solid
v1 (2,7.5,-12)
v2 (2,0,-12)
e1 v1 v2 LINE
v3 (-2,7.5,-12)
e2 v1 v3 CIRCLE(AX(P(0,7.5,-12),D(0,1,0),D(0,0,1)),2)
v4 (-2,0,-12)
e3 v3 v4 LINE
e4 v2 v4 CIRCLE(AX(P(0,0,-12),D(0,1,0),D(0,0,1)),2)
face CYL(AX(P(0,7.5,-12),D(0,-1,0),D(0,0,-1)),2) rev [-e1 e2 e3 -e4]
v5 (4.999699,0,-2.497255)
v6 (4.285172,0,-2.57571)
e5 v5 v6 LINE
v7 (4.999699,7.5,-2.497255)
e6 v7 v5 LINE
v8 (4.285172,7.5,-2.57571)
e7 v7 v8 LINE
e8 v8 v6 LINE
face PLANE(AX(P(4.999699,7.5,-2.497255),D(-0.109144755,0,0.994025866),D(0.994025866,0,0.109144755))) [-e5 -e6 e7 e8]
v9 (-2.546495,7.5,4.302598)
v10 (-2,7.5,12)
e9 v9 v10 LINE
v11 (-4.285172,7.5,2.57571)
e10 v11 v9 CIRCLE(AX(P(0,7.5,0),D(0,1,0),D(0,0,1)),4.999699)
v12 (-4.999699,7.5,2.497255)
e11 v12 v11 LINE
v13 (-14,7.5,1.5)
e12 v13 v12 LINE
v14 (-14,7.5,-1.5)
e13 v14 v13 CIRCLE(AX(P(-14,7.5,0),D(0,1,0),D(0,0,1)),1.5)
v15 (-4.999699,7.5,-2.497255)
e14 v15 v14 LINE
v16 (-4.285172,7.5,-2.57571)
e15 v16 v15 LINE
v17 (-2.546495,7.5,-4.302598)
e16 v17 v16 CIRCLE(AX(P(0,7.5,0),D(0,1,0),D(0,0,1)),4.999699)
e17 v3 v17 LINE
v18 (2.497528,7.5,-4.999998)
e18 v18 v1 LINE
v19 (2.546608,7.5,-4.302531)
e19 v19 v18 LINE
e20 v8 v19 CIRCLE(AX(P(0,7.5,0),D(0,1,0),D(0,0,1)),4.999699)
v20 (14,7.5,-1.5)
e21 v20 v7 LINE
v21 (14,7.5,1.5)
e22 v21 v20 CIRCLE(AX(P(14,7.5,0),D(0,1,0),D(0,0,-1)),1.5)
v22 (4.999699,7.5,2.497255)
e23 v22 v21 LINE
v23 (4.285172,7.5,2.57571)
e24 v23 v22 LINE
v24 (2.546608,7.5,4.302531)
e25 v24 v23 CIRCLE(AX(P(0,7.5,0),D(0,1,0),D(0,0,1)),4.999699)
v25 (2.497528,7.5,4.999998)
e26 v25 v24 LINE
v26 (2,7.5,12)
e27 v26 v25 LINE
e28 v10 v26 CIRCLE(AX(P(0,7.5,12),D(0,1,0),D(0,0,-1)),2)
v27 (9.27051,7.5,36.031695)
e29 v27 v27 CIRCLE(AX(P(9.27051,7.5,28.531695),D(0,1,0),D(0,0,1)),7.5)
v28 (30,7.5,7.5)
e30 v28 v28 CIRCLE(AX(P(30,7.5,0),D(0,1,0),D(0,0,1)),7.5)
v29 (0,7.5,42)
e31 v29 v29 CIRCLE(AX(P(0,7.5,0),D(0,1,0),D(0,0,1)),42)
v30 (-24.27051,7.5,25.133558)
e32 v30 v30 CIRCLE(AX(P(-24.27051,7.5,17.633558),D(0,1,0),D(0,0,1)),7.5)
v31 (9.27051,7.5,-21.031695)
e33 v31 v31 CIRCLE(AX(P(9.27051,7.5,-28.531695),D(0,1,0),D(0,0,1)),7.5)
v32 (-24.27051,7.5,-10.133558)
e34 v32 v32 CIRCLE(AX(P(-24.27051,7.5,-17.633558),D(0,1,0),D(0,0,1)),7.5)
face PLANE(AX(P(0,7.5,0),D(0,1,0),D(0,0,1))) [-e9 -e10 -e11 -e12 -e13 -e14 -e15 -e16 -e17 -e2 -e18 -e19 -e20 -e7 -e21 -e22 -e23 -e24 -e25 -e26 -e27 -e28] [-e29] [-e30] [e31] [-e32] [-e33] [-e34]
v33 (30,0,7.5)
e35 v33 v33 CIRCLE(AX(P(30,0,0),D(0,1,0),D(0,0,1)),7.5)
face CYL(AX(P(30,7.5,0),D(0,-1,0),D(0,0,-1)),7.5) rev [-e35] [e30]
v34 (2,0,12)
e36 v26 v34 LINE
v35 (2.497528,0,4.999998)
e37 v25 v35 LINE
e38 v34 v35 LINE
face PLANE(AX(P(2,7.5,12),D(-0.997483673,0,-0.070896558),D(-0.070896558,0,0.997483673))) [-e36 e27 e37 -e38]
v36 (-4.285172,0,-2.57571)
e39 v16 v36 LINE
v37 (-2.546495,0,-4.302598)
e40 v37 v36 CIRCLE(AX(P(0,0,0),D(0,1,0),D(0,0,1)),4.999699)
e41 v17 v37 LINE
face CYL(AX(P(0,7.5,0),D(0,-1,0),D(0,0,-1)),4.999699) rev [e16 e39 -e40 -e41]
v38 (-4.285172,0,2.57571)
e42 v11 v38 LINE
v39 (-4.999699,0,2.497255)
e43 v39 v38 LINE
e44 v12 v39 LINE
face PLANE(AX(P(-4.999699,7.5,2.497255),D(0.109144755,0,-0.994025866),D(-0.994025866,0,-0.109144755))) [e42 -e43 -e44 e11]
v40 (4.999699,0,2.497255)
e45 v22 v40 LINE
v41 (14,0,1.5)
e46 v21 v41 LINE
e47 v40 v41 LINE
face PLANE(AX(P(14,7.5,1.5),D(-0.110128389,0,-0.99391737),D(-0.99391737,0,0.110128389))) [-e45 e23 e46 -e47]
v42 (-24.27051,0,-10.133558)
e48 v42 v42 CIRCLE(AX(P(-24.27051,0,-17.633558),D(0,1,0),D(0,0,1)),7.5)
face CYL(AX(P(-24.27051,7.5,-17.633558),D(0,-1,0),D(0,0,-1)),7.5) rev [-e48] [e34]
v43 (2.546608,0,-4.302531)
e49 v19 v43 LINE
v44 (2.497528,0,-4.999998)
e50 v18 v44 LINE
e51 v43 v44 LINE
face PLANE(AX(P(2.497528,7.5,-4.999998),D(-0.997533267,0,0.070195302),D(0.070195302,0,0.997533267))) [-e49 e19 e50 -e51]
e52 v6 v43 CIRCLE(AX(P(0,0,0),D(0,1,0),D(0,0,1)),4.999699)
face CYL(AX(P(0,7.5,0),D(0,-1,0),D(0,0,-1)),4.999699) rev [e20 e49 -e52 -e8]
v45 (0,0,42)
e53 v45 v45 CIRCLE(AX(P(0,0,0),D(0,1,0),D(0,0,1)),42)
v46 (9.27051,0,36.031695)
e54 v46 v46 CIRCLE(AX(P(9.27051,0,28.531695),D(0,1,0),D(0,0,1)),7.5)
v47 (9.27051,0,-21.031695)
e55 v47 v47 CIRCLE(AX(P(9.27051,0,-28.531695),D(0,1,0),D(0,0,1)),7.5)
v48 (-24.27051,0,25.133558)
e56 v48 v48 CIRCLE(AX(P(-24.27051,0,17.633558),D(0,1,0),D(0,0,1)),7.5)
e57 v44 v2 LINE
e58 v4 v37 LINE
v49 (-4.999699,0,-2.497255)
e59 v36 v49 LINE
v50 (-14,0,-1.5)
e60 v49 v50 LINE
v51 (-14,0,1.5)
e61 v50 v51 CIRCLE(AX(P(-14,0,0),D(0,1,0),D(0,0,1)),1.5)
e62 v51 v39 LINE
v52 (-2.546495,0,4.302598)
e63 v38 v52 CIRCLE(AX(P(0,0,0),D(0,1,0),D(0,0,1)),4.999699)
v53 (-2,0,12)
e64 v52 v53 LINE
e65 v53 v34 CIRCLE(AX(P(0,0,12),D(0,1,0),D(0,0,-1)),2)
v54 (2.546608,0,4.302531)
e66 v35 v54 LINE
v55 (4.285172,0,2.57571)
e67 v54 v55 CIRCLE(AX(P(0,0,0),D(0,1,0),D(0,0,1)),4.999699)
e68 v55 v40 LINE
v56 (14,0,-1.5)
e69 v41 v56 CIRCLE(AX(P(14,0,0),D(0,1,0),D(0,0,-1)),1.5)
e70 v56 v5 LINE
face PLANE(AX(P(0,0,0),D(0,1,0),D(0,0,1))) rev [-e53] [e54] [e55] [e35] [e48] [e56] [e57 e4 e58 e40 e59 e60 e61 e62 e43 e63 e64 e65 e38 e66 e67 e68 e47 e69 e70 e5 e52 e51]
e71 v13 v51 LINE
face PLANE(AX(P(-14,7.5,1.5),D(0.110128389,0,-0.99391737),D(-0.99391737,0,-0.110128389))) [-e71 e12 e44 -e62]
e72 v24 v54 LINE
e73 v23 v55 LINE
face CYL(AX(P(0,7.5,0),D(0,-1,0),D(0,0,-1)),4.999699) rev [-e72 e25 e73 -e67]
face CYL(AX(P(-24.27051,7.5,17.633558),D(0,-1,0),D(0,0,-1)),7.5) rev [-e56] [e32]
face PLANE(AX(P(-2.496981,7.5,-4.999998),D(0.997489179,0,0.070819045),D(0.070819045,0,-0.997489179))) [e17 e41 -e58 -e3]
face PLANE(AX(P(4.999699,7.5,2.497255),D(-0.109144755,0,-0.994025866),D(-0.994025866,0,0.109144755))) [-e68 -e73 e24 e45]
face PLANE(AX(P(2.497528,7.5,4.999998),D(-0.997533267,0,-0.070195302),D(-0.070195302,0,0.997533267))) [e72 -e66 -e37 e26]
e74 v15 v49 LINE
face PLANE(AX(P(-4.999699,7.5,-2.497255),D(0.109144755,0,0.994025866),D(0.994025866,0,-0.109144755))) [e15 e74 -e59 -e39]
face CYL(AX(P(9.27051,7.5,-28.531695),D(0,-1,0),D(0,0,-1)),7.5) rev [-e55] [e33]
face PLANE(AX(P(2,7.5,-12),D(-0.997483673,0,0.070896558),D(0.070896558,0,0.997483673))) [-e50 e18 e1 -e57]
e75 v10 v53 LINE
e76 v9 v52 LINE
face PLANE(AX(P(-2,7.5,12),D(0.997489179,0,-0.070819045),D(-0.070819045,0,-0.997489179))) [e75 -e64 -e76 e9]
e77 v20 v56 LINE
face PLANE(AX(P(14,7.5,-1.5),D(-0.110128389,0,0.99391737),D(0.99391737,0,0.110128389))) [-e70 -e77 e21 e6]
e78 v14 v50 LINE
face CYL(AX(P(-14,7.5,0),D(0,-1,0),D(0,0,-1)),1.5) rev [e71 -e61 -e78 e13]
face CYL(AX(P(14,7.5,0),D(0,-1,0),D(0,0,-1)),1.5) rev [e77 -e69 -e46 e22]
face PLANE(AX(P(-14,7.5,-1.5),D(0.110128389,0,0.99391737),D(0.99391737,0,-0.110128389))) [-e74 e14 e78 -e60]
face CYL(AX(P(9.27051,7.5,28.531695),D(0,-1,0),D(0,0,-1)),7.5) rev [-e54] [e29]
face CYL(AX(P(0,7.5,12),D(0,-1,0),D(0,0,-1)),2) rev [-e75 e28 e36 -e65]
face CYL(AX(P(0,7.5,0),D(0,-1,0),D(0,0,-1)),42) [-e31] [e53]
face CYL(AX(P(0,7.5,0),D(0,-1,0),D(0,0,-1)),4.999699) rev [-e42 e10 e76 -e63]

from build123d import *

# Parameters (mm, degrees)
SKETCH1_R           = 42
SKETCH1_R_2         = 7.5
BOSS_EXTRUDE2_DEPTH = 7.5


with BuildPart() as part:
    # Sketch1 → Boss-Extrude2 (new body)
    with BuildSketch(Plane(origin=(0, 0, 0), x_dir=(1, 0, 0), z_dir=(0, 1, 0))):
        with Locations(Location((0, 0, 0), (0, 0, 270))):
            Circle(SKETCH1_R)
        with Locations(Location((30, 0, 0), (0, 0, 270))):
            Circle(SKETCH1_R_2, mode=Mode.SUBTRACT)
        with Locations(Location((9.270509831, -28.531695489, 0), (0, 0, 270))):
            Circle(SKETCH1_R_2, mode=Mode.SUBTRACT)
        with Locations(Location((-24.270509831, -17.633557569, 0), (0, 0, 270))):
            Circle(SKETCH1_R_2, mode=Mode.SUBTRACT)
        with Locations(Location((-24.270509831, 17.633557569, 0), (0, 0, 270))):
            Circle(SKETCH1_R_2, mode=Mode.SUBTRACT)
        with Locations(Location((9.270509831, 28.531695489, 0), (0, 0, 270))):
            Circle(SKETCH1_R_2, mode=Mode.SUBTRACT)
        with BuildLine():
            Line((4.999698513, -2.497254635), (4.285172416, -2.575710114))
            ThreePointArc((4.285172416, -2.575710114), (3.523319938, -3.547280908), (2.546607961, -4.302531013))
            Line((2.546607961, -4.302531013), (2.497527986, -4.99999802))
            Line((2.497527986, -4.99999802), (2, -12))
            ThreePointArc((2, -12), (0, -14), (-2, -12))
            Line((-2, -12), (-2.496981283, -4.99999802))
            Line((-2.496981283, -4.99999802), (-2.546494806, -4.302597986))
            ThreePointArc((-2.546494806, -4.302597986), (-3.523273292, -3.547327238), (-4.285172416, -2.575710114))
            Line((-4.285172416, -2.575710114), (-4.999698513, -2.497254635))
            Line((-4.999698513, -2.497254635), (-14, -1.5))
            ThreePointArc((-14, -1.5), (-15.5, 0), (-14, 1.5))
            Line((-14, 1.5), (-4.999698513, 2.497254635))
            Line((-4.999698513, 2.497254635), (-4.285172416, 2.575710114))
            ThreePointArc((-4.285172416, 2.575710114), (-3.523273292, 3.547327238), (-2.546494806, 4.302597986))
            Line((-2.546494806, 4.302597986), (-2.496981283, 4.99999802))
            Line((-2.496981283, 4.99999802), (-2, 12))
            ThreePointArc((-2, 12), (0, 14), (2, 12))
            Line((2, 12), (2.497527986, 4.99999802))
            Line((2.497527986, 4.99999802), (2.546607961, 4.302531013))
            ThreePointArc((2.546607961, 4.302531013), (3.523319938, 3.547280908), (4.285172416, 2.575710114))
            Line((4.285172416, 2.575710114), (4.999698513, 2.497254635))
            Line((4.999698513, 2.497254635), (14, 1.5))
            ThreePointArc((14, 1.5), (15.5, 0), (14, -1.5))
            Line((14, -1.5), (4.999698513, -2.497254635))
        make_face(mode=Mode.SUBTRACT)
    extrude(amount=BOSS_EXTRUDE2_DEPTH)


solid = part.part
